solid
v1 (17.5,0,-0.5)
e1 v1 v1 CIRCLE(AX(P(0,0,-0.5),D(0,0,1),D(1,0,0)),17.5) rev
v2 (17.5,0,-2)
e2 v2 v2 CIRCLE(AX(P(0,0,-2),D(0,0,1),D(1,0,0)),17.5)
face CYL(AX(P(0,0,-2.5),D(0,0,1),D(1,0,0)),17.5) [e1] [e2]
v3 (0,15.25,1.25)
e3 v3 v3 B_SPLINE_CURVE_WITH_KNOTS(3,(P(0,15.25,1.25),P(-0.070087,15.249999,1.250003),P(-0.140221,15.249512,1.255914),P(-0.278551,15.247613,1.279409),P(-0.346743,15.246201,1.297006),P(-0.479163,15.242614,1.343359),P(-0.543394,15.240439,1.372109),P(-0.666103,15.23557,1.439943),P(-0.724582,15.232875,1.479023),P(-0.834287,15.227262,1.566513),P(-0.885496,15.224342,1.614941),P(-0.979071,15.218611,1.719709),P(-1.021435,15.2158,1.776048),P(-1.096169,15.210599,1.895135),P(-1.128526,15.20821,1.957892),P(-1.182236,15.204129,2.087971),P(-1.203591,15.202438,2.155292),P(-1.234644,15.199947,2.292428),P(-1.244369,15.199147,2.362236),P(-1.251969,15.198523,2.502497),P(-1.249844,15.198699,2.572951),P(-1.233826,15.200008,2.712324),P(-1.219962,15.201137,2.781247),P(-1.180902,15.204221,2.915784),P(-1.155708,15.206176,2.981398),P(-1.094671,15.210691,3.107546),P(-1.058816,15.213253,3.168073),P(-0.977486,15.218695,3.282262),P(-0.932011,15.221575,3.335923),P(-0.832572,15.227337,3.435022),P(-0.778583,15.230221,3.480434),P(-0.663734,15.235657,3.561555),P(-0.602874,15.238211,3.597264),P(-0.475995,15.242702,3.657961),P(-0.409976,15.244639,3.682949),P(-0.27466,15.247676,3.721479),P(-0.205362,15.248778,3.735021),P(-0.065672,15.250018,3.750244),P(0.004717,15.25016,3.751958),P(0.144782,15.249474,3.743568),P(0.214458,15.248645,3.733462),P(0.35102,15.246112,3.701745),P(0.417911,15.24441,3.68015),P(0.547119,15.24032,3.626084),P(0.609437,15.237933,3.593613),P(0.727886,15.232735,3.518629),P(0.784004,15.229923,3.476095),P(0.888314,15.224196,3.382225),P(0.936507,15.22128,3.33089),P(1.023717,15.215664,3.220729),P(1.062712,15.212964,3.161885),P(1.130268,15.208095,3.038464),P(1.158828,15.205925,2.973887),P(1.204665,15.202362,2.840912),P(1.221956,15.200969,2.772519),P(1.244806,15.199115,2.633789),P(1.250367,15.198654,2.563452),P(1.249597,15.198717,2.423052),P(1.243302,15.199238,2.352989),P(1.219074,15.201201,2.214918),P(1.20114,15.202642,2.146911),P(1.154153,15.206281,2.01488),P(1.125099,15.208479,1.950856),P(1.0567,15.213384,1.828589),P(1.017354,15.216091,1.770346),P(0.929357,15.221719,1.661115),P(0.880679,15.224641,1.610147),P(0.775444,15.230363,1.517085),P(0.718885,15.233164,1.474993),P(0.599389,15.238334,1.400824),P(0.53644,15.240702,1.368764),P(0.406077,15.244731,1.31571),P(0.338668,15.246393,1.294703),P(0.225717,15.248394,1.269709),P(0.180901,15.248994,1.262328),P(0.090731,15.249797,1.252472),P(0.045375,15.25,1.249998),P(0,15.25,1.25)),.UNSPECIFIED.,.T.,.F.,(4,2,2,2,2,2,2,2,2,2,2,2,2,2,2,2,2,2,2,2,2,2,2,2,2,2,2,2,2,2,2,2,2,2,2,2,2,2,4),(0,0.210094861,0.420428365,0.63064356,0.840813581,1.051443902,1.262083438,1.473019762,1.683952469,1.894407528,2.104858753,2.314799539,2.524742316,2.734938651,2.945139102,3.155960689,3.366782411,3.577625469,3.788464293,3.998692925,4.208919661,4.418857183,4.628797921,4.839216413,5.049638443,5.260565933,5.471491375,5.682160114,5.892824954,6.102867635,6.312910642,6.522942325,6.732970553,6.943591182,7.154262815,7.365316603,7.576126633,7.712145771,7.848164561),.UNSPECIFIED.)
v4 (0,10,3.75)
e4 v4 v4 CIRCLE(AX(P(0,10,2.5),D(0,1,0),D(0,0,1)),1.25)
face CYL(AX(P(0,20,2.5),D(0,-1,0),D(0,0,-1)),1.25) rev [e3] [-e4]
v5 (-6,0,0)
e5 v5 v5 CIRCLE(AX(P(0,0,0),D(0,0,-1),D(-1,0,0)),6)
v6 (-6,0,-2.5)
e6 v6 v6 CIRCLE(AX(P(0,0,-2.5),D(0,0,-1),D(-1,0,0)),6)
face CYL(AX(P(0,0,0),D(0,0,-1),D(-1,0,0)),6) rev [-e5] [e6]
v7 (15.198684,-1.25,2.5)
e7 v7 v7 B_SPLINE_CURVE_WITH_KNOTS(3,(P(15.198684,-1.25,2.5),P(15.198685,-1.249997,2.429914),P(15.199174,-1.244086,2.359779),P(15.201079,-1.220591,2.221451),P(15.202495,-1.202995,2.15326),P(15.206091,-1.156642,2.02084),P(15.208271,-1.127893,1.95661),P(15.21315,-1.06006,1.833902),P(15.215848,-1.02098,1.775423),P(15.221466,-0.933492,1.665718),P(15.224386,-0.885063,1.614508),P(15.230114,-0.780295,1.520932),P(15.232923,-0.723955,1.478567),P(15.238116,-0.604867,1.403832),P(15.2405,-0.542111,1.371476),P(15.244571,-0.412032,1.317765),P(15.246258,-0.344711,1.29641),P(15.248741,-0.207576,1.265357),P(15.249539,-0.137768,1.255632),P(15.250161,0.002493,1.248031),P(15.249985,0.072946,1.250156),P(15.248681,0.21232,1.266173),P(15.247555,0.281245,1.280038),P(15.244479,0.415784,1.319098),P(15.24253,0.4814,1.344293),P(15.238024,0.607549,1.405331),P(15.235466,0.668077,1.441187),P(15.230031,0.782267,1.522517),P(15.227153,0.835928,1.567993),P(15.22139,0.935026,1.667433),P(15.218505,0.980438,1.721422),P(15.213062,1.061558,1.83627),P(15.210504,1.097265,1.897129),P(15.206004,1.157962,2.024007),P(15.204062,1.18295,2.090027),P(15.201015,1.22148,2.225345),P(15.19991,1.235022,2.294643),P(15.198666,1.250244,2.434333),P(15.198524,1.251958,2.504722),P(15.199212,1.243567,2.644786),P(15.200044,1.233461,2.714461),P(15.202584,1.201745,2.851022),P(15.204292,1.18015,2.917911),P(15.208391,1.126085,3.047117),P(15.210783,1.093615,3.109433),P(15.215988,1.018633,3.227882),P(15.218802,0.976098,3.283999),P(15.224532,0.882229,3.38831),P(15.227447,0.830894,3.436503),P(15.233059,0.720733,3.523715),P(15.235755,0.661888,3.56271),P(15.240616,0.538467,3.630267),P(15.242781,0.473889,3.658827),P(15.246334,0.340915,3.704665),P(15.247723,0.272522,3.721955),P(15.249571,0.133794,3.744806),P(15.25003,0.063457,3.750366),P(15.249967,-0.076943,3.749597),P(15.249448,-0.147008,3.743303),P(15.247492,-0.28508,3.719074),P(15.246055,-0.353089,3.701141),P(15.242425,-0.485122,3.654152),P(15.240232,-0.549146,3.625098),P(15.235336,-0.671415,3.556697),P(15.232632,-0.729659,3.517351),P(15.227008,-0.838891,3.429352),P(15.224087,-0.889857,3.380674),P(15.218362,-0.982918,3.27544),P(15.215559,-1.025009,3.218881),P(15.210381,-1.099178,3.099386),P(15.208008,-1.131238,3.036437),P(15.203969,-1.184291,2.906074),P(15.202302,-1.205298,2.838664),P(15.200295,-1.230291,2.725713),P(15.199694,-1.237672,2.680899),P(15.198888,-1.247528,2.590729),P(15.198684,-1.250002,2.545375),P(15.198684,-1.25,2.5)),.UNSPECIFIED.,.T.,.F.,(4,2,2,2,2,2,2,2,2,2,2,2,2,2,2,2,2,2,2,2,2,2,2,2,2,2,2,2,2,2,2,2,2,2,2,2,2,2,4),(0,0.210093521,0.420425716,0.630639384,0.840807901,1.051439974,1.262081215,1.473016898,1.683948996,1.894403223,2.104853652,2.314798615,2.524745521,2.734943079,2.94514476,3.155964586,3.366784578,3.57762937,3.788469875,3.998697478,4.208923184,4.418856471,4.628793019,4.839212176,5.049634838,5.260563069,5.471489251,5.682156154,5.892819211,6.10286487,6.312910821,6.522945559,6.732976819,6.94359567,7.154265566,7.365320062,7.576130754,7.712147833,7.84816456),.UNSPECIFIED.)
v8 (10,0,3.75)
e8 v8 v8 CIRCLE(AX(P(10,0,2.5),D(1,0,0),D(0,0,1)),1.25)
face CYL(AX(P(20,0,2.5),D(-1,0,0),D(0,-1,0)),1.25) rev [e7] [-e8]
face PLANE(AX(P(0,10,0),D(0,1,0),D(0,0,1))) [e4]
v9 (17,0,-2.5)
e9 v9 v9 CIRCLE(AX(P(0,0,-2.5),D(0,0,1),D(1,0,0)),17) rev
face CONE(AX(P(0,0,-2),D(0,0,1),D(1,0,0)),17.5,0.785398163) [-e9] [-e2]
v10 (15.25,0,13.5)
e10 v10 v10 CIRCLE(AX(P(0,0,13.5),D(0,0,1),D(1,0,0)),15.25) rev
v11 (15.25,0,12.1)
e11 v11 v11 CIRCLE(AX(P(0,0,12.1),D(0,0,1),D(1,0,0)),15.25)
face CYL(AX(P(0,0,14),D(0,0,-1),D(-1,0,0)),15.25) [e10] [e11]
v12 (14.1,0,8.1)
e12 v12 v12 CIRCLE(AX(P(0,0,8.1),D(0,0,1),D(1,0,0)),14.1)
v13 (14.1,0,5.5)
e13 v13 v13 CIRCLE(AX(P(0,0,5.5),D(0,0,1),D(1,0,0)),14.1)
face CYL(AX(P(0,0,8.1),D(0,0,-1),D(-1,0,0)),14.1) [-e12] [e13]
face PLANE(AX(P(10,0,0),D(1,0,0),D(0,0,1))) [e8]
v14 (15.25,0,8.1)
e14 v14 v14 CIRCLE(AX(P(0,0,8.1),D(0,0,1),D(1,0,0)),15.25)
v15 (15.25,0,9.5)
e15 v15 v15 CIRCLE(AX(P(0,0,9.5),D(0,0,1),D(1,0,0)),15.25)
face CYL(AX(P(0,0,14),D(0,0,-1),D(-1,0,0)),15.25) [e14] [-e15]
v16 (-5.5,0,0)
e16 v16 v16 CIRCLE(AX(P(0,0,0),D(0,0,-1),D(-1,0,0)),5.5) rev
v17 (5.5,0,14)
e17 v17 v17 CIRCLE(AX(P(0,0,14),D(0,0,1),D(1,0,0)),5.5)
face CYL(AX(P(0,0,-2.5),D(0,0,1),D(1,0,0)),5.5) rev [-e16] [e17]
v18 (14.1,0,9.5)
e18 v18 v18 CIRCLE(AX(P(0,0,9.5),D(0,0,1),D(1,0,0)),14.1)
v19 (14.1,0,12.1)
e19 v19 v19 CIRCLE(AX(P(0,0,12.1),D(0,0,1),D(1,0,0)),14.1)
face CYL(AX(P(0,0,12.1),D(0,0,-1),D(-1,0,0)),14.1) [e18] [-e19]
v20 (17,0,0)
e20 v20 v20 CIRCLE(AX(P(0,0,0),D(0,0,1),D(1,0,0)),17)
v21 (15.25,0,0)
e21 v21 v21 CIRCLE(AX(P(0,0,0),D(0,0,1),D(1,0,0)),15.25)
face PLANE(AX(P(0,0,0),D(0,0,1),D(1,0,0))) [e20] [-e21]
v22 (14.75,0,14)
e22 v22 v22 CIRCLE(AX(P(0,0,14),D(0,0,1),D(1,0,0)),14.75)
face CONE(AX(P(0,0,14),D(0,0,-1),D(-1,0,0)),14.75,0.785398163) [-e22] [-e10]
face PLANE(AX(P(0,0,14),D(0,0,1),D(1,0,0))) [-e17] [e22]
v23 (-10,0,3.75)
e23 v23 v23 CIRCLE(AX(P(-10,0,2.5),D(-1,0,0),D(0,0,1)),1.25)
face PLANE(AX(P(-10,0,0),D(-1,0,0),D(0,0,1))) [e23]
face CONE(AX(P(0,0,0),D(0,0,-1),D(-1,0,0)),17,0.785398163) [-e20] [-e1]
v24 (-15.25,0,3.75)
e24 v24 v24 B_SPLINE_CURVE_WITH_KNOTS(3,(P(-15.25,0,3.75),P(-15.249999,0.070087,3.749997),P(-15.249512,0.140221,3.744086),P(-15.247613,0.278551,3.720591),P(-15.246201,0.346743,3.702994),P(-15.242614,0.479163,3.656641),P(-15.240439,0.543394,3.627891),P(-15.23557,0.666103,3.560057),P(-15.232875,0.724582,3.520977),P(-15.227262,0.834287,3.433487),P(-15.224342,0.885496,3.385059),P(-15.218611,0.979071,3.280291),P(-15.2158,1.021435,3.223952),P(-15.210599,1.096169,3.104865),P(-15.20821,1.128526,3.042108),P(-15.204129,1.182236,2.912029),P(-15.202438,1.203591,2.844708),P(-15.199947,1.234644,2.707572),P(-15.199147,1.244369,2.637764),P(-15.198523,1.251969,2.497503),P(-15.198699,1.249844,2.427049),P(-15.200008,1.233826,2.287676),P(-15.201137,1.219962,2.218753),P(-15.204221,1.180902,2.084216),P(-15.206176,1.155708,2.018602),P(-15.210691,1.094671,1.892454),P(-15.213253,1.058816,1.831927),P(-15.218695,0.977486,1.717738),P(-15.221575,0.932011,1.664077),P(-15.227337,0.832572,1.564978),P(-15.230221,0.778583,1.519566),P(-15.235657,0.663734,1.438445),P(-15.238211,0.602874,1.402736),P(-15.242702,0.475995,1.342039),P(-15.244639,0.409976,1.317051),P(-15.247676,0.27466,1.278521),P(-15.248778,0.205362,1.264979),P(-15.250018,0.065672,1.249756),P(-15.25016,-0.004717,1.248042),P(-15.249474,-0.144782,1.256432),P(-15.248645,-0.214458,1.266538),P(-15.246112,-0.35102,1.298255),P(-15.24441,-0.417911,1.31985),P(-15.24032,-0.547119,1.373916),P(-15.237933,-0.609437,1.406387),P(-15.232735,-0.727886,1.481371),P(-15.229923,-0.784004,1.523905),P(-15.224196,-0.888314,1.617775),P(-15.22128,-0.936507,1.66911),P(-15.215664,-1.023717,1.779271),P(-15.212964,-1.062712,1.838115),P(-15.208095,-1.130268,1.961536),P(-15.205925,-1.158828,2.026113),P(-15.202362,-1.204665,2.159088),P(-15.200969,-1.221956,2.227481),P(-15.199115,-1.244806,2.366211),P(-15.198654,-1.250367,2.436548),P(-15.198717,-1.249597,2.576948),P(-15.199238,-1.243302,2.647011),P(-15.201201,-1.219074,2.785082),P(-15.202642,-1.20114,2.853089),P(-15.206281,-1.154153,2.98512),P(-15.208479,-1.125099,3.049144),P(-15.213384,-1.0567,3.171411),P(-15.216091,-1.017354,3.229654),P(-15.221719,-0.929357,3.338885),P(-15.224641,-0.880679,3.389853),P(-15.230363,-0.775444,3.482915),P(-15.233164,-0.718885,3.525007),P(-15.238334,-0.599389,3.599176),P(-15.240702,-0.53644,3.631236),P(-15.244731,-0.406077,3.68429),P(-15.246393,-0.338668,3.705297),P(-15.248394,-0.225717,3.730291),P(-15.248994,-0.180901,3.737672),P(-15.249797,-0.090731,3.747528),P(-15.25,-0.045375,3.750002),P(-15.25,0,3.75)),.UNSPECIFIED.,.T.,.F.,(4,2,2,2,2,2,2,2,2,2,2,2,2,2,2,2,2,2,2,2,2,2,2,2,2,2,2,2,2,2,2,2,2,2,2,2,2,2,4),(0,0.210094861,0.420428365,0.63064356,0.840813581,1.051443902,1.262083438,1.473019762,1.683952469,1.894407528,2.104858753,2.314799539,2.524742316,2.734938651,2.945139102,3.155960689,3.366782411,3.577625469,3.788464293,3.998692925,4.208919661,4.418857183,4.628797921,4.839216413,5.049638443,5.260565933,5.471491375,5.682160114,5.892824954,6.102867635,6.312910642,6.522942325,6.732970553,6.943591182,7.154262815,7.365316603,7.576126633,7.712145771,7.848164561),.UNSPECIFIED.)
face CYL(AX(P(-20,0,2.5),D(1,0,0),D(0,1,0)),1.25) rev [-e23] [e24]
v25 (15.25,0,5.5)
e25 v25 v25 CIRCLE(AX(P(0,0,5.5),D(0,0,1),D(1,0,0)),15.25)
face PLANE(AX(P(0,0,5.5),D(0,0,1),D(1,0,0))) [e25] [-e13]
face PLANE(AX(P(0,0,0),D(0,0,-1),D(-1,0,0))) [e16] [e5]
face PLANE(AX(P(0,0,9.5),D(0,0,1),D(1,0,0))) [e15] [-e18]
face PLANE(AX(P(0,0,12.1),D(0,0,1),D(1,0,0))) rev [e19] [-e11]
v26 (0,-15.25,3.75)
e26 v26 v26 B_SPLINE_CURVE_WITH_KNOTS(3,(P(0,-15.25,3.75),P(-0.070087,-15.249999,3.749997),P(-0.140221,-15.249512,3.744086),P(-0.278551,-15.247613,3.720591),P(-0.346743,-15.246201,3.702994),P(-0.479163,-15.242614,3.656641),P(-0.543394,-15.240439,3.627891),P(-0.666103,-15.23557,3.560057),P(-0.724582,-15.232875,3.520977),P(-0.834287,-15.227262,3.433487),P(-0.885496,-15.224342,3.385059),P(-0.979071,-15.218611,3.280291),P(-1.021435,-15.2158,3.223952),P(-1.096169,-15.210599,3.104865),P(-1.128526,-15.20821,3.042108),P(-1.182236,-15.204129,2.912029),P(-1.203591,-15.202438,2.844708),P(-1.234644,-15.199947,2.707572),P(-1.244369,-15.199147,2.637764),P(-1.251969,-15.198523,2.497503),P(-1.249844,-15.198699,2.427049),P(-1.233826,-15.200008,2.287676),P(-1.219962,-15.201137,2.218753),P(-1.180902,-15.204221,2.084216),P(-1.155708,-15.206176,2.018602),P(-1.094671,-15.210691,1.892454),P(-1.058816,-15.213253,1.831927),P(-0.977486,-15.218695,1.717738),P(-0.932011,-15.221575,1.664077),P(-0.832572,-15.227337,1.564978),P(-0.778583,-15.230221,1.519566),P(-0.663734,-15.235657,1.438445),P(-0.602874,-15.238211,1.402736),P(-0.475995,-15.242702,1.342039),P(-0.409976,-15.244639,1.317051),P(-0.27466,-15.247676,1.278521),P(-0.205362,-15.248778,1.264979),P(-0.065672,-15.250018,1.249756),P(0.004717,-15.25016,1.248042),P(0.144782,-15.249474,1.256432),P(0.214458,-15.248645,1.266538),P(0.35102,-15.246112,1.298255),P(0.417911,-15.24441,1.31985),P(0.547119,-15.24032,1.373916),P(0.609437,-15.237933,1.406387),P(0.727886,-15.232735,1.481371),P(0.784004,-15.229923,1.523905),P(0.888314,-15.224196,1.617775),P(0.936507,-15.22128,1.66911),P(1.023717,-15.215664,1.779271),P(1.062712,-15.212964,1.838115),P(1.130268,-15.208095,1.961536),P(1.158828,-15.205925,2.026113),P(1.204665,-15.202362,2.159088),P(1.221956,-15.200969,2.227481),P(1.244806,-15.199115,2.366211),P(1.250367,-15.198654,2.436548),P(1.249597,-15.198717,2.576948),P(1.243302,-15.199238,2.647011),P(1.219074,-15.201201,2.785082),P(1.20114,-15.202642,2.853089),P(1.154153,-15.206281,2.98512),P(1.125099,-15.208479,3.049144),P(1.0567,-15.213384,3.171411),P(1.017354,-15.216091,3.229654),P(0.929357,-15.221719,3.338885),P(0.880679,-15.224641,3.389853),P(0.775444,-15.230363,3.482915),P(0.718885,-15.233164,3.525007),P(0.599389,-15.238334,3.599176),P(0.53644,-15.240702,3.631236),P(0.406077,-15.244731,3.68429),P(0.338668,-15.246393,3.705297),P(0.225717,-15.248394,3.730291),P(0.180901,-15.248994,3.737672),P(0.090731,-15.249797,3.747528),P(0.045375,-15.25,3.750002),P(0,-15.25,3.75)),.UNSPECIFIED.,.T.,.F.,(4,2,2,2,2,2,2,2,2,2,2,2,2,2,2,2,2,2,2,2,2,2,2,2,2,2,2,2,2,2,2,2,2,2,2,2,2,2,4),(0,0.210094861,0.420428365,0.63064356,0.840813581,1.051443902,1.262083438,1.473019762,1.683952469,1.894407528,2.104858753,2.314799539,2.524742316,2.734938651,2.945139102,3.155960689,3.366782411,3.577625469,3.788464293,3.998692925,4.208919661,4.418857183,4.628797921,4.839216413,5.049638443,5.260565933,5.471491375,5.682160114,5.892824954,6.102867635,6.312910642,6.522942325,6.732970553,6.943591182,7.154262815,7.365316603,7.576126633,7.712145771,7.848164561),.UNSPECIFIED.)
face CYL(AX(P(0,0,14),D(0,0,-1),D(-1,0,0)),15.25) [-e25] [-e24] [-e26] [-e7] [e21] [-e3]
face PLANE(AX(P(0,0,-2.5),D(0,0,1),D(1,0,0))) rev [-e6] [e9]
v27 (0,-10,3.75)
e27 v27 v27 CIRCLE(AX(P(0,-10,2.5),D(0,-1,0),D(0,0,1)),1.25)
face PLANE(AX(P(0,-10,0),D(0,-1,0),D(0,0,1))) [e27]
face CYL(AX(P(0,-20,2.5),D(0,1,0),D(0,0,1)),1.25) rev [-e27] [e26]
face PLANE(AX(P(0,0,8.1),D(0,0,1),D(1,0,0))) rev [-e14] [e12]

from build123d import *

# Parameters (mm, degrees)
SKETCH_1_R               = 17.5
SKETCH_1_R_2             = 5.5
EXTRUDE_1_DEPTH          = 2.5
EXTRUDE_START            = 14
SKETCH_1_3_R             = 15.25
SKETCH_1_3_R_2           = 5.5
EXTRUDE_2_DEPTH          = 14
CUT_EXTRUDE_START        = 8.1
SKETCH_1_4_R             = 15.25
SKETCH_1_4_R_2           = 14.1
CUT_EXTRUDE_1_DEPTH      = 2.6
CUT_EXTRUDE_START_2      = 12.1
SKETCH_1_5_R             = 15.25
SKETCH_1_5_R_2           = 14.1
CUT_EXTRUDE_2_DEPTH      = 2.6
CHAMFER_1_SIZE           = 0.5
SKETCH_2_R               = 6
CUT_EXTRUDE_3_DEPTH      = 2.5
CUT_EXTRUDE_START_3      = 10
SKETCH_3_R               = 1.25
CUT_EXTRUDE_4_DEPTH      = 10
PATTERN_CIRCULAR_1_COUNT = 4


with BuildPart() as part:
    # Эскиз1 → Бобышка-Вытянуть1 (new body)
    with BuildSketch(Plane.XY):
        Circle(SKETCH_1_R)
        Circle(SKETCH_1_R_2, mode=Mode.SUBTRACT)
    extrude(amount=-EXTRUDE_1_DEPTH)

    # Эскиз1<3> → Бобышка-Вытянуть2 (add)
    with BuildSketch(Plane.XY.offset(EXTRUDE_START)):
        Circle(SKETCH_1_3_R)
        Circle(SKETCH_1_3_R_2, mode=Mode.SUBTRACT)
    extrude(amount=-EXTRUDE_2_DEPTH)

    # Эскиз1<4> → Вырез-Вытянуть1 (cut)
    with BuildSketch(Plane.XY.offset(CUT_EXTRUDE_START)):
        Circle(SKETCH_1_4_R)
        Circle(SKETCH_1_4_R_2, mode=Mode.SUBTRACT)
    extrude(amount=-CUT_EXTRUDE_1_DEPTH, mode=Mode.SUBTRACT)

    # Эскиз1<5> → Вырез-Вытянуть2 (cut)
    with BuildSketch(Plane.XY.offset(CUT_EXTRUDE_START_2)):
        Circle(SKETCH_1_5_R)
        Circle(SKETCH_1_5_R_2, mode=Mode.SUBTRACT)
    extrude(amount=-CUT_EXTRUDE_2_DEPTH, mode=Mode.SUBTRACT)

    # Фаска1
    chamfer_1_edges = [part.edges().sort_by_distance(p)[0] for p in [
        (-15.25, 0, 14),
        (-17.5, 0, 0),
        (-17.5, 0, -2.5),
    ]]
    chamfer(chamfer_1_edges, length=CHAMFER_1_SIZE)

    # Эскиз2 → Вырез-Вытянуть3 (cut)
    with BuildSketch(Plane(origin=(0, 0, -2.5), x_dir=(-1, 0, 0), z_dir=(0, 0, -1))):
        Circle(SKETCH_2_R)
    extrude(amount=-CUT_EXTRUDE_3_DEPTH, mode=Mode.SUBTRACT)

    # Эскиз3 → Вырез-Вытянуть4 (cut)
    with BuildSketch(Plane(origin=(0, 0, 0), x_dir=(1, 0, 0), z_dir=(0, 1, 0)).offset(CUT_EXTRUDE_START_3)):
        with Locations((0, -2.5)):
            Circle(SKETCH_3_R)
    cut_extrude_4 = extrude(amount=CUT_EXTRUDE_4_DEPTH, mode=Mode.SUBTRACT)

    # Круговой массив1: Вырез-Вытянуть4 ×4 about axis
    pattern_circular_1_axis = Axis((0, 0, 0), (0, 0, -1))
    for i in range(1, PATTERN_CIRCULAR_1_COUNT):
        add(cut_extrude_4.rotate(pattern_circular_1_axis, i * 360 / PATTERN_CIRCULAR_1_COUNT), mode=Mode.SUBTRACT)


solid = part.part
